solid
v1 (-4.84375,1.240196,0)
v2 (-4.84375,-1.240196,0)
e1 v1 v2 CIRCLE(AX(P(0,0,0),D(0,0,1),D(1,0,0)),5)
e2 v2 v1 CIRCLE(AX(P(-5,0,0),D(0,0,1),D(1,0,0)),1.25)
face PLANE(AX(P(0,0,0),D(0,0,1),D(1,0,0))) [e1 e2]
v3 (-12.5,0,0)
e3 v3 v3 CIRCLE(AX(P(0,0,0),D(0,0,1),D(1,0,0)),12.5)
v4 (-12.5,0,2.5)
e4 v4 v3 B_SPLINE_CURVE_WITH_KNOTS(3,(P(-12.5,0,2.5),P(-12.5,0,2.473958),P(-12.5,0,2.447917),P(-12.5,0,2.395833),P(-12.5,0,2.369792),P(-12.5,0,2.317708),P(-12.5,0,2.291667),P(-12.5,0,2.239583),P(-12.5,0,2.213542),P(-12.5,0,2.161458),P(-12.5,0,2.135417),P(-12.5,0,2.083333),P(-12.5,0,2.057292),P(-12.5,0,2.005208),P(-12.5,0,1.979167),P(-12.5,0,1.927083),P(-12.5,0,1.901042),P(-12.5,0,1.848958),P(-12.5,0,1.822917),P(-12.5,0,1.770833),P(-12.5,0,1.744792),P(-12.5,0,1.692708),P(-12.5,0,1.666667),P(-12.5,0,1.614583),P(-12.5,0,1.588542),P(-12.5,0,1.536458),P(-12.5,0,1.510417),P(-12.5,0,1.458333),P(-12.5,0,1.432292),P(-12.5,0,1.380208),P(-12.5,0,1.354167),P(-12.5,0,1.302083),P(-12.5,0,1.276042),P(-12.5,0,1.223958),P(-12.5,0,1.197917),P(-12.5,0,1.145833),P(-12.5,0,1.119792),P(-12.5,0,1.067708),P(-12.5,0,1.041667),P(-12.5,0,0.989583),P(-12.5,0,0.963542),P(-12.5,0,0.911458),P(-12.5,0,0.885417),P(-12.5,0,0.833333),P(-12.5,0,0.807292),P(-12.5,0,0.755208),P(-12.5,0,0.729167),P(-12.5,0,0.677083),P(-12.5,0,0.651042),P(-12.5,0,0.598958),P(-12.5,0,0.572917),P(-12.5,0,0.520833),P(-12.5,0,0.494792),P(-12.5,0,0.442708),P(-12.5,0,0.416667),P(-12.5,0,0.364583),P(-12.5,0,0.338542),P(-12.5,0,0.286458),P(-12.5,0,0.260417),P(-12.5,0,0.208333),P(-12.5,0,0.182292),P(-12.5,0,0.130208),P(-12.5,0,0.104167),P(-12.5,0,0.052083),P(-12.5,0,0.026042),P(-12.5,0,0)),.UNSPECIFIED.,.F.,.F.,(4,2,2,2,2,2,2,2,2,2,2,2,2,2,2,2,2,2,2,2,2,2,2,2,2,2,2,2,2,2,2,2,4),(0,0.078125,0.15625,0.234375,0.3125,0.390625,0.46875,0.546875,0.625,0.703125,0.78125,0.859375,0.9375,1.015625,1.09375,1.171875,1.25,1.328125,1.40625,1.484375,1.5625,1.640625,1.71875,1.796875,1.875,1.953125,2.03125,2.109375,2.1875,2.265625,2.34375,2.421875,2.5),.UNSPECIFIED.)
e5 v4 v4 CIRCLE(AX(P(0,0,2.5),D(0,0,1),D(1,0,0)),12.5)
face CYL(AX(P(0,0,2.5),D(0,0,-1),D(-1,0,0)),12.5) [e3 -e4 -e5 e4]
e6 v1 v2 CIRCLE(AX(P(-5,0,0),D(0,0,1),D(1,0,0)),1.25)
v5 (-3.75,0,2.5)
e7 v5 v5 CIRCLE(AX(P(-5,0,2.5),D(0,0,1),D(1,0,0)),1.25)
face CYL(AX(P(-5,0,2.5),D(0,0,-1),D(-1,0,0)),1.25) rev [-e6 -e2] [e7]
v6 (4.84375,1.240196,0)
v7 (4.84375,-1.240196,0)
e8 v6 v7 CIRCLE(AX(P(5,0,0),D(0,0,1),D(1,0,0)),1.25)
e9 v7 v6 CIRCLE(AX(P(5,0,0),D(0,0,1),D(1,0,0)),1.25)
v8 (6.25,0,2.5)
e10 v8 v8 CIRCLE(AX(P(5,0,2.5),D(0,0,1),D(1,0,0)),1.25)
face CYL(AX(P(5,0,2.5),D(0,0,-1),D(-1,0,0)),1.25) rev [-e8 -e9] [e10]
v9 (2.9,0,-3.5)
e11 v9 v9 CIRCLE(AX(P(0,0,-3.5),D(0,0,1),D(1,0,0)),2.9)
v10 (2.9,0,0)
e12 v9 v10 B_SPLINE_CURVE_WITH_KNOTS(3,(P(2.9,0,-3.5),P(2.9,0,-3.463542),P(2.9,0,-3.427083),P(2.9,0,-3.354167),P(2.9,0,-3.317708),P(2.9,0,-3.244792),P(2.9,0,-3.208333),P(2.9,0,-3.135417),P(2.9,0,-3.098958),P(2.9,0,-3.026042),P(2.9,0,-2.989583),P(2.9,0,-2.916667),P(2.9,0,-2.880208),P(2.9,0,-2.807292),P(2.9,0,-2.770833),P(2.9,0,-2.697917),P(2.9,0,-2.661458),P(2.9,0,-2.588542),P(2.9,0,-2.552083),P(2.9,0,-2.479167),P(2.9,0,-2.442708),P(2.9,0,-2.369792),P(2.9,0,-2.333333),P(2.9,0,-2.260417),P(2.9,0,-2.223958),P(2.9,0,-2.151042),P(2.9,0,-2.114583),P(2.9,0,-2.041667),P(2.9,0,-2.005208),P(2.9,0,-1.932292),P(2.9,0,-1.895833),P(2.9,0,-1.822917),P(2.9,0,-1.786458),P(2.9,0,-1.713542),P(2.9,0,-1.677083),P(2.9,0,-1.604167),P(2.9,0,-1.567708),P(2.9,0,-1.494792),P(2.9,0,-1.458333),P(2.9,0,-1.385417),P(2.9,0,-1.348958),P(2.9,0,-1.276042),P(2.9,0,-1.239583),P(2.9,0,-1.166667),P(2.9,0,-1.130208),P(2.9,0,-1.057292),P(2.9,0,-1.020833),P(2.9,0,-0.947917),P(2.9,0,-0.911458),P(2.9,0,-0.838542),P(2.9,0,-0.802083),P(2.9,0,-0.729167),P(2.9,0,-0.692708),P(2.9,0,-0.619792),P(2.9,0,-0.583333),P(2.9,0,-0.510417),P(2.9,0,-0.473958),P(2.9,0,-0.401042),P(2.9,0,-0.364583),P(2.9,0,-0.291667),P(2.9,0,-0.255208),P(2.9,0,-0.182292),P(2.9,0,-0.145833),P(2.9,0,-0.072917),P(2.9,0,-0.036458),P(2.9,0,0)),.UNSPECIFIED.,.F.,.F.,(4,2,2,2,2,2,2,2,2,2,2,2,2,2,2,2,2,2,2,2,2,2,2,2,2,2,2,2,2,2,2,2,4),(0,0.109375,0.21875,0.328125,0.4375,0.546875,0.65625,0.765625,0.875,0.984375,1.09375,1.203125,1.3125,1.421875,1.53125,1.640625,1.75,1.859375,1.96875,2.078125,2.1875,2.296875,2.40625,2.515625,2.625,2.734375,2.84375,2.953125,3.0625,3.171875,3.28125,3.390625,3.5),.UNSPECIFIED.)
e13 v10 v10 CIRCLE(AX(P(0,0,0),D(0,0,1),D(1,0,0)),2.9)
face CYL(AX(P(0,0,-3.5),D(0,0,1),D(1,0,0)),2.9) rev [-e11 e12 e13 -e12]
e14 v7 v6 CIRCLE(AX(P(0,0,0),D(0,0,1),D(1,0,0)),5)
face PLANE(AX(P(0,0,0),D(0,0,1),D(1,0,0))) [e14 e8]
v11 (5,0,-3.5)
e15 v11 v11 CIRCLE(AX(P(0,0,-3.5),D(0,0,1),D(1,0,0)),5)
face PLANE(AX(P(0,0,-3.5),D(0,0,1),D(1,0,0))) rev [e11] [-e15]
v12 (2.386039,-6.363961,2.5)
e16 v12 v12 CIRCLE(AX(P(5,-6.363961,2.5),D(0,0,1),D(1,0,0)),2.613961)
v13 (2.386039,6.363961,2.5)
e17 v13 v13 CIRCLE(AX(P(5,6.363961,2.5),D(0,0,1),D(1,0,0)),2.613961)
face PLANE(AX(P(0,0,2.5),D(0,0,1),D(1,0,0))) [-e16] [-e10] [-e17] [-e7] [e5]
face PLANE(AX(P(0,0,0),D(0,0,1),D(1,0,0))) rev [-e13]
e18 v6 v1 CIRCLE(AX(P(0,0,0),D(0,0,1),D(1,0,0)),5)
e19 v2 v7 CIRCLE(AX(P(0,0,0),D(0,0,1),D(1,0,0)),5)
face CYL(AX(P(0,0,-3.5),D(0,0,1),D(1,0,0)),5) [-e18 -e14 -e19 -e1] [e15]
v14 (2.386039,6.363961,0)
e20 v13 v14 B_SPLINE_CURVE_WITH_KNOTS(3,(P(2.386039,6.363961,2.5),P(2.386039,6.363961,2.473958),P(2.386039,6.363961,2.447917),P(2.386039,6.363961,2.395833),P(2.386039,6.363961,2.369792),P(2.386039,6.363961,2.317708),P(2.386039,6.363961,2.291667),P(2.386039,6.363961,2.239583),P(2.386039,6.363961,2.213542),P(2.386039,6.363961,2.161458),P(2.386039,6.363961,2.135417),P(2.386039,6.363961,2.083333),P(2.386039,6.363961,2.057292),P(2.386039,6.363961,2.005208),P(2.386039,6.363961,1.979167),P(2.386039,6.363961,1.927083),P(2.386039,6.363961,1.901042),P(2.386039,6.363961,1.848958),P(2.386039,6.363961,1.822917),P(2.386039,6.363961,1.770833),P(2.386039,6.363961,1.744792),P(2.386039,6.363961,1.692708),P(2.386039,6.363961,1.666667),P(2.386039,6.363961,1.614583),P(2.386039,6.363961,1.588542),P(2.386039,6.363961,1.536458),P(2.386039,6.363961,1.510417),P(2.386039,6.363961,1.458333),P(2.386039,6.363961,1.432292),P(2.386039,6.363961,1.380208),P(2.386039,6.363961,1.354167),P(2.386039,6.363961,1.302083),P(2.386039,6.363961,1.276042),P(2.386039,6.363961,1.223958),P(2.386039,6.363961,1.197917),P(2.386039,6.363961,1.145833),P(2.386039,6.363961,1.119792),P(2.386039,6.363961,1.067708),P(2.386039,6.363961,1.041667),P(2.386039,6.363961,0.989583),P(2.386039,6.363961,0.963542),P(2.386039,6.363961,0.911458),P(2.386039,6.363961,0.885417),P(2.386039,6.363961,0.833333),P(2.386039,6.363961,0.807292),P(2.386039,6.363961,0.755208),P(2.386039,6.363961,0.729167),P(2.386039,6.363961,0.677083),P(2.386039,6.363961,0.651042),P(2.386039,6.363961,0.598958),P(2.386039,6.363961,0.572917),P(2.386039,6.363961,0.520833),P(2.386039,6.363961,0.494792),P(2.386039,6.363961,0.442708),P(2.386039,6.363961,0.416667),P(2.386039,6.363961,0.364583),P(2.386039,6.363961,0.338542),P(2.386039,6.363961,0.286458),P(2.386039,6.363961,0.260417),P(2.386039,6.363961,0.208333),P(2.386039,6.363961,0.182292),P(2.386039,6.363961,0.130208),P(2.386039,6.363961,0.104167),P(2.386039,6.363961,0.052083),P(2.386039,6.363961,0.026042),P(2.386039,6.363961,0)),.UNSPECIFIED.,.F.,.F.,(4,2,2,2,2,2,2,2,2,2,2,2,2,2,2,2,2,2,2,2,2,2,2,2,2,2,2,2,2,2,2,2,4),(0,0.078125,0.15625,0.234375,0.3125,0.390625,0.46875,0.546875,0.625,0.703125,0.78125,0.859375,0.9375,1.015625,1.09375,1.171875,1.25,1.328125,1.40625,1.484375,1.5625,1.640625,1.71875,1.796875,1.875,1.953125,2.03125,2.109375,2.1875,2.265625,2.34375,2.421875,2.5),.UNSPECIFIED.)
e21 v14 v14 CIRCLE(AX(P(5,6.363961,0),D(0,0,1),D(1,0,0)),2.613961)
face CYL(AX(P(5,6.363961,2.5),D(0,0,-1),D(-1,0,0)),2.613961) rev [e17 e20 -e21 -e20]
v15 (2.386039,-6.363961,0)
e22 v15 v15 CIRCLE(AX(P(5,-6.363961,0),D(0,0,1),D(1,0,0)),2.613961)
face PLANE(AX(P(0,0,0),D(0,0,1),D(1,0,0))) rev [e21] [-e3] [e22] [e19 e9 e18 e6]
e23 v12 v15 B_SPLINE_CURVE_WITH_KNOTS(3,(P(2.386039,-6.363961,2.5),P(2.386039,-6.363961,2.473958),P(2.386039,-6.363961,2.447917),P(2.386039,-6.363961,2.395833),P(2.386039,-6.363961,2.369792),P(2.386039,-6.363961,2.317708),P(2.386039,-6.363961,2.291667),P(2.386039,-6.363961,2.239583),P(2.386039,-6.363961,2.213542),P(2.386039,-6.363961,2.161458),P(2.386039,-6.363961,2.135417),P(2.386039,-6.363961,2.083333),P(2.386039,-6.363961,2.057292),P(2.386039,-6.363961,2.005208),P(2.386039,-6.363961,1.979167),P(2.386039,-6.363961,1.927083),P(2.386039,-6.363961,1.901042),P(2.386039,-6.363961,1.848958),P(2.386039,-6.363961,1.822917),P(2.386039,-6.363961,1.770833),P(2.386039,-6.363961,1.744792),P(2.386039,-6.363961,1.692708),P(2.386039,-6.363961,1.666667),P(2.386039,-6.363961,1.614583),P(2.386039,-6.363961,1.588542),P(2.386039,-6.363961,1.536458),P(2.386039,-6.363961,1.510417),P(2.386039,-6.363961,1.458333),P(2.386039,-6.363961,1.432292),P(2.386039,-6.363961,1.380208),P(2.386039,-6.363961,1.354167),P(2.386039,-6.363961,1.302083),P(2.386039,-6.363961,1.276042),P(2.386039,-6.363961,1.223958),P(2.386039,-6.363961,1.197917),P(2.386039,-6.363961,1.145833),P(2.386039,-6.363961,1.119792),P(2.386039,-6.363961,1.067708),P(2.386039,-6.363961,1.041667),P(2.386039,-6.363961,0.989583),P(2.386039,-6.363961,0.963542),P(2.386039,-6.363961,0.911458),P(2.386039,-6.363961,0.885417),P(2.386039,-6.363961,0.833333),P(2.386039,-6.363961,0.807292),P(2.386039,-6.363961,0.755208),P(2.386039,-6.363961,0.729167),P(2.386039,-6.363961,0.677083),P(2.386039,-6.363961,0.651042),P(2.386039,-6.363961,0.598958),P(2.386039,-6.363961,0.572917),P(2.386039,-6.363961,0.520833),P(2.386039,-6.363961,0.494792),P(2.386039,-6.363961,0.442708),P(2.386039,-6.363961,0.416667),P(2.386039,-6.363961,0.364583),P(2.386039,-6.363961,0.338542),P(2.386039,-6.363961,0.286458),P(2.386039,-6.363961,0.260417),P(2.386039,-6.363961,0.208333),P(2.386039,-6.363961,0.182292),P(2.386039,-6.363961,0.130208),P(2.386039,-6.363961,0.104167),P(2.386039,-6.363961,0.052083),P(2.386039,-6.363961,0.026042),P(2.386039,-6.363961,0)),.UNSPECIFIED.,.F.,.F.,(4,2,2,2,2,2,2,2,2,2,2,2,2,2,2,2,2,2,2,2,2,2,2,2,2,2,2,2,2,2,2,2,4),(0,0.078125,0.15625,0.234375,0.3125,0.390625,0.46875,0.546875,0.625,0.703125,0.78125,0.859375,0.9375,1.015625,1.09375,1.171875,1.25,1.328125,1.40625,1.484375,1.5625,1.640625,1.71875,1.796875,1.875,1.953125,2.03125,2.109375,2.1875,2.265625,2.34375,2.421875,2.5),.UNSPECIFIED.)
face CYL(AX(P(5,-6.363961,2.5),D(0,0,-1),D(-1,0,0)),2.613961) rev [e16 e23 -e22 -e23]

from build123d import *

# Parameters (mm, degrees)
ESQUISSE1_R             = 12.5
ESQUISSE1_R_2           = 1.25
ESQUISSE1_R_3           = 2.613961031
DISQUE_O25_DEPTH        = 2.5
ESQUISSE2_R             = 5
ESQUISSE2_R_2           = 2.9
MOYEU_CANNELE_25T_DEPTH = 3.5


with BuildPart() as part:
    # Esquisse1 → Disque O25 (new body)
    with BuildSketch(Plane.XY):
        Circle(ESQUISSE1_R)
        with Locations((5, 0)):
            Circle(ESQUISSE1_R_2, mode=Mode.SUBTRACT)
        with Locations((-5, 0)):
            Circle(ESQUISSE1_R_2, mode=Mode.SUBTRACT)
        with Locations((5, 6.363961031)):
            Circle(ESQUISSE1_R_3, mode=Mode.SUBTRACT)
        with Locations((5, -6.363961031)):
            Circle(ESQUISSE1_R_3, mode=Mode.SUBTRACT)
    extrude(amount=DISQUE_O25_DEPTH)

    # Esquisse2 → Moyeu cannele 25T (add)
    with BuildSketch(Plane.XY):
        Circle(ESQUISSE2_R)
        Circle(ESQUISSE2_R_2, mode=Mode.SUBTRACT)
    extrude(amount=-MOYEU_CANNELE_25T_DEPTH)


solid = part.part
